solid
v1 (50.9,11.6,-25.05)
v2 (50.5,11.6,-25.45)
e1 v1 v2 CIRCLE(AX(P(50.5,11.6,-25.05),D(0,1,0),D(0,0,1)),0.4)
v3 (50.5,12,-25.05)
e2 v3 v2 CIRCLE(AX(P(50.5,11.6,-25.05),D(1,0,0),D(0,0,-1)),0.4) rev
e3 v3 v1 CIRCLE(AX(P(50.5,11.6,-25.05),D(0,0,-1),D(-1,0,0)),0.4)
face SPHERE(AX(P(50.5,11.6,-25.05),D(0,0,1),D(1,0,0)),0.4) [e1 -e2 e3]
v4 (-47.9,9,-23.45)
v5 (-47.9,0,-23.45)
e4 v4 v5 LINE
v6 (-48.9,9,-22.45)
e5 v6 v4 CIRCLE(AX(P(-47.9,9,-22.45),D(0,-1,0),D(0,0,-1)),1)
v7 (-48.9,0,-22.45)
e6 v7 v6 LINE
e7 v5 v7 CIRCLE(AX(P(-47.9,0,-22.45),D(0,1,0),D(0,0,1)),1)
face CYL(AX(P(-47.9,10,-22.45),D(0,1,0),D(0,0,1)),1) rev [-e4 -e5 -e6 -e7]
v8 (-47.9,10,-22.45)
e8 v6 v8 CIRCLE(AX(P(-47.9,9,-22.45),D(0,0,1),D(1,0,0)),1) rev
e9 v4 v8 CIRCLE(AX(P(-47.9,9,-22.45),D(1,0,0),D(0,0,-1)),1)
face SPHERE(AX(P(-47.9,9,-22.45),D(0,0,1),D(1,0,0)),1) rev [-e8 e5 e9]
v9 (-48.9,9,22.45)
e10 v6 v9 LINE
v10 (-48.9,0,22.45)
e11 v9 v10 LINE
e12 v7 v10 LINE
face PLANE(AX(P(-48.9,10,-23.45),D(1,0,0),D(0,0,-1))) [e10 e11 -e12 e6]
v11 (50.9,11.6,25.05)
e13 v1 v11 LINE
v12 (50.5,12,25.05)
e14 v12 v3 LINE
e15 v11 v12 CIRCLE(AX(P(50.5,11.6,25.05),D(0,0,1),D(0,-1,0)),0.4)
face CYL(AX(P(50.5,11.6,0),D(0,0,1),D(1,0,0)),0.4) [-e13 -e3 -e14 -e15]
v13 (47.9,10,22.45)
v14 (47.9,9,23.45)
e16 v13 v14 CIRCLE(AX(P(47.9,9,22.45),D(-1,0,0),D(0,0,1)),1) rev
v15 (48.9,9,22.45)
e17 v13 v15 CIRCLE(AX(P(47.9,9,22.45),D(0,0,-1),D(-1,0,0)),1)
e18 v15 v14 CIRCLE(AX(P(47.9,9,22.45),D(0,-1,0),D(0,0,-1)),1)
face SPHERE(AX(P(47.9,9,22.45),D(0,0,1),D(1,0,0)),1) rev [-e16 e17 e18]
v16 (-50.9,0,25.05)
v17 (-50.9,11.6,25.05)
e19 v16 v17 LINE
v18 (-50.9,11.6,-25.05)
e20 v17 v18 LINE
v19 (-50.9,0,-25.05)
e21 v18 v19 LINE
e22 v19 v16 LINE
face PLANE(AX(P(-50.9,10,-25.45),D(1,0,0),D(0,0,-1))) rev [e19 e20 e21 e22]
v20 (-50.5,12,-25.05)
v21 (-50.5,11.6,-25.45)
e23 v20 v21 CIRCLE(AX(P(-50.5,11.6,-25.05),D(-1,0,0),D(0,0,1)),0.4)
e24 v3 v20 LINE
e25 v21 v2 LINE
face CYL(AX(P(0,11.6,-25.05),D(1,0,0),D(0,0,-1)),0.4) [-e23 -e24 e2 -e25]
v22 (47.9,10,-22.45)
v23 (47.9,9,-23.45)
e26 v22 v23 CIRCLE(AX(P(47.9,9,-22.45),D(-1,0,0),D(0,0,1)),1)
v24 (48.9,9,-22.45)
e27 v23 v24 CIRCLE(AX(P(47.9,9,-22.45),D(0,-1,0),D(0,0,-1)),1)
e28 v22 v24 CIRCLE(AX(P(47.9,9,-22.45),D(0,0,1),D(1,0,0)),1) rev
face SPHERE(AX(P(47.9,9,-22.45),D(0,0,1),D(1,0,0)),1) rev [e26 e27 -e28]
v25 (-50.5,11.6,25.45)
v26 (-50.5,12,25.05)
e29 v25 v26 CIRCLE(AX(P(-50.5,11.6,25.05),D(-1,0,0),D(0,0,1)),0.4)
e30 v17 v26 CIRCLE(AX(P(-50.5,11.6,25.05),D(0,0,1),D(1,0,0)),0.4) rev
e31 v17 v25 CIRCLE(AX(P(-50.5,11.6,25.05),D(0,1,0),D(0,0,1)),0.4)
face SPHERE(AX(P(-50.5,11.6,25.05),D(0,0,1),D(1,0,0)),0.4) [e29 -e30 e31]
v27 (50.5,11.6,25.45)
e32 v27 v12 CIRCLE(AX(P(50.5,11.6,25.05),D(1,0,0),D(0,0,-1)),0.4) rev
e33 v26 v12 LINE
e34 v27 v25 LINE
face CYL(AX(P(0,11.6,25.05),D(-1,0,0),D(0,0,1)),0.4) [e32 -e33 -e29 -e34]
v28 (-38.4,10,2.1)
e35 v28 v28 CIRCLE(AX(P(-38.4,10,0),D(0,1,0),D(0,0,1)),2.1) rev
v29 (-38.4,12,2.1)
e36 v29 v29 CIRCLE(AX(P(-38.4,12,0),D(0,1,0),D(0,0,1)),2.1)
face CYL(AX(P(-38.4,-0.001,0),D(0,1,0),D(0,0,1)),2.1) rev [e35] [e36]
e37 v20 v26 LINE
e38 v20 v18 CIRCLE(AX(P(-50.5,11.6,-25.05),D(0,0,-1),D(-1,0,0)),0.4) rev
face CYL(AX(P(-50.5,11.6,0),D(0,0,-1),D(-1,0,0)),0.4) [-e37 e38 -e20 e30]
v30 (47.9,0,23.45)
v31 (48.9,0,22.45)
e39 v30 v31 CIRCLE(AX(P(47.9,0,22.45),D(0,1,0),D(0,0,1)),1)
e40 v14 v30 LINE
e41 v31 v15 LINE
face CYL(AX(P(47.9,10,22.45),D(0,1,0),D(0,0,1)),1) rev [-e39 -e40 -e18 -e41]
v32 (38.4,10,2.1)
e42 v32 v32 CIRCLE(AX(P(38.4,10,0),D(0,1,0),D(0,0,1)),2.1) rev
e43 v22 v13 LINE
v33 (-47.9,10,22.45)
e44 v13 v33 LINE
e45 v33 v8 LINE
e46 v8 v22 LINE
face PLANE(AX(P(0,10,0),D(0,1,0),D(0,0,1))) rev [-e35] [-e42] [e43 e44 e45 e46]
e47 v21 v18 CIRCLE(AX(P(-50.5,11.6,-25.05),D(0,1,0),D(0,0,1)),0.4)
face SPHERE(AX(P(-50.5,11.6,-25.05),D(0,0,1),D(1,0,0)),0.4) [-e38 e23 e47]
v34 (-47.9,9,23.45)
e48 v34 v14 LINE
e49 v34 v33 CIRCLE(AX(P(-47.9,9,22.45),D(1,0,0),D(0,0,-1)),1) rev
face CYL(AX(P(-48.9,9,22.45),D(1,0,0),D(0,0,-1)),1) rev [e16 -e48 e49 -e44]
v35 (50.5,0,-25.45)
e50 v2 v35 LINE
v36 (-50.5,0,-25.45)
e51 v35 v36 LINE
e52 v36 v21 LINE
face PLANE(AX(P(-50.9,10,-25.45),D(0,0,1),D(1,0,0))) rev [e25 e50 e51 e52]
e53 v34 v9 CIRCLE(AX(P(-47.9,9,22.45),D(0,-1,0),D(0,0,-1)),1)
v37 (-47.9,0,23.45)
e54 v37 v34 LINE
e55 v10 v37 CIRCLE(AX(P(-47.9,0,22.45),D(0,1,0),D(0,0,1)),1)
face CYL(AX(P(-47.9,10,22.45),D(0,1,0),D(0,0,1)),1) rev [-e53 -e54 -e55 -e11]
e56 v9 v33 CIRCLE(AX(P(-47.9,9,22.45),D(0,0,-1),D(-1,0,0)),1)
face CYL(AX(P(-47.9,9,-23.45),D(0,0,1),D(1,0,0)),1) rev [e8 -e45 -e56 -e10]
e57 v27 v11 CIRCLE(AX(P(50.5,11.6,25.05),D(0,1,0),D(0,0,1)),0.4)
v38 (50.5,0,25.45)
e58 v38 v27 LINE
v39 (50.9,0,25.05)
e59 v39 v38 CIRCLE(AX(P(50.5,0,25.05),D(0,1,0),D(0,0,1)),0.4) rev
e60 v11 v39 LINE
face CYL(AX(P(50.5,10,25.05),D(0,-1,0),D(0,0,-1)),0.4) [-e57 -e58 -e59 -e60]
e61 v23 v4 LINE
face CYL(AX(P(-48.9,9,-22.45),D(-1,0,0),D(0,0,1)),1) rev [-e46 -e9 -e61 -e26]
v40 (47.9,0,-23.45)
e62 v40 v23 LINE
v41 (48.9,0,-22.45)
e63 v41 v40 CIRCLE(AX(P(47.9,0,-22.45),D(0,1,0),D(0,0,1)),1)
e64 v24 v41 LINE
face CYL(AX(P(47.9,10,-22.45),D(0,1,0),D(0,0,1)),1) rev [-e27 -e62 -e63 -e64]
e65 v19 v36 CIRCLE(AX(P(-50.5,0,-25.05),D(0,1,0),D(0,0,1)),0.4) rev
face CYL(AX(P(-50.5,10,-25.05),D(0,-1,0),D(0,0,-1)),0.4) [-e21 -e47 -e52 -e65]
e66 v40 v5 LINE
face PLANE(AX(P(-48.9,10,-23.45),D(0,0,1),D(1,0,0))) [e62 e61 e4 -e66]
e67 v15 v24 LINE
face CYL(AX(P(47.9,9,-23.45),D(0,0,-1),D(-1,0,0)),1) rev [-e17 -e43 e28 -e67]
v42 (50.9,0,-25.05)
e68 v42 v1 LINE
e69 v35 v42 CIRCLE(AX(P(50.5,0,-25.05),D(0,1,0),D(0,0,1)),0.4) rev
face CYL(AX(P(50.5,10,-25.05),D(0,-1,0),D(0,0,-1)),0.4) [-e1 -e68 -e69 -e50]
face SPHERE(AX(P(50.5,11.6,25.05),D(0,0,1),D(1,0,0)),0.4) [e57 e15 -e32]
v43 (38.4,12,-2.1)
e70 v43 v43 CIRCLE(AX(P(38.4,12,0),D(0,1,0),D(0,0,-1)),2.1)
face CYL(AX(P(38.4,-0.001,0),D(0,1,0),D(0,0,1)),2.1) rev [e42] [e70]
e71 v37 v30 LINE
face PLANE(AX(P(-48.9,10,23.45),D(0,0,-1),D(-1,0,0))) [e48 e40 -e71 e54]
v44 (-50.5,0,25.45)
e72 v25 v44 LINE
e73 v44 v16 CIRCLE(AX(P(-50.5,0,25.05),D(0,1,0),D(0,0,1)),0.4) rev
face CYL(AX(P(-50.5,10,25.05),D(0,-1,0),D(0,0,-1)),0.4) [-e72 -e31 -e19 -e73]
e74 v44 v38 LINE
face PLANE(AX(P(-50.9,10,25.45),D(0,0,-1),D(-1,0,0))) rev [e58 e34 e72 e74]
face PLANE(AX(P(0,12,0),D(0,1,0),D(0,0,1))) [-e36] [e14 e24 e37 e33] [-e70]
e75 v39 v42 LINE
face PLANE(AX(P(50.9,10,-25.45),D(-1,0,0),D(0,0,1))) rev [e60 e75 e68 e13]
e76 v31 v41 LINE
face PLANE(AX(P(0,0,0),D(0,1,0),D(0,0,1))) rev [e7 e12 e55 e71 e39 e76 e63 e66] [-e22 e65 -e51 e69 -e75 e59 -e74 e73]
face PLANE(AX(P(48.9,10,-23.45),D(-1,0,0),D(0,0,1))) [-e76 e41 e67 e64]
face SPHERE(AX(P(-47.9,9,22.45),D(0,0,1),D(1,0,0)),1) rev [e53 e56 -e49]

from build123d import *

# Parameters (mm, degrees)
SKETCH1_W             = 101.8
SKETCH1_H             = 50.9
SKETCH1_W_2           = 97.8
SKETCH1_H_2           = 46.9
MAIN_BODY_DEPTH       = 10
SKETCH4_W             = 101.8
SKETCH4_H             = 50.9
TOP_DEPTH             = 2
OUTER_FILLET_0_2MM_R  = 0.4
INNER_FILLET_1MM_R    = 1
HOLES_CUT_4_2MM_REACH = 60.159
SKETCH6_R             = 2.1


with BuildPart() as part:
    # Sketch1 → Main Body (new body)
    with BuildSketch(Plane(origin=(0, 0, 0), x_dir=(1, 0, 0), z_dir=(0, 1, 0))):
        Rectangle(SKETCH1_W, SKETCH1_H)
        Rectangle(SKETCH1_W_2, SKETCH1_H_2, mode=Mode.SUBTRACT)
    extrude(amount=MAIN_BODY_DEPTH)

    # Sketch4 → Top (add)
    with BuildSketch(Plane(origin=(0, 10, 0), x_dir=(1, 0, 0), z_dir=(0, 1, 0))):
        Rectangle(SKETCH4_W, SKETCH4_H)
    extrude(amount=TOP_DEPTH)

    # Outer Fillet 0.2mm
    outer_fillet_0_2mm_edges = [part.edges().sort_by_distance(p)[0] for p in [
        (0, 12, -25.45),
        (-50.9, 12, 0),
        (0, 12, 25.45),
        (50.9, 12, 0),
        (-50.9, 6, -25.45),
        (50.9, 6, -25.45),
        (50.9, 6, 25.45),
        (-50.9, 6, 25.45),
    ]]
    fillet(outer_fillet_0_2mm_edges, radius=OUTER_FILLET_0_2MM_R)

    # Inner Fillet 1mm
    inner_fillet_1mm_edges = [part.edges().sort_by_distance(p)[0] for p in [
        (48.9, 5, -23.45),
        (-48.9, 5, -23.45),
        (-48.9, 5, 23.45),
        (48.9, 5, 23.45),
        (0, 10, -23.45),
        (-48.9, 10, 0),
        (0, 10, 23.45),
        (48.9, 10, 0),
    ]]
    fillet(inner_fillet_1mm_edges, radius=INNER_FILLET_1MM_R)

    # Sketch6 → Holes Cut 4.2mm (cut, up to next)
    with BuildSketch(Plane(origin=(0, 12, 0), x_dir=(1, 0, 0), z_dir=(0, 1, 0)), mode=Mode.PRIVATE) as holes_cut_4_2mm_sk1:
        with Locations(Location((-38.4, 0, 0), (0, 0, 270))):
            Circle(SKETCH6_R)
    holes_cut_4_2mm_tool1 = extrude(holes_cut_4_2mm_sk1.sketch, amount=-HOLES_CUT_4_2MM_REACH, mode=Mode.PRIVATE) & part.part
    # Sketch6 → Holes Cut 4.2mm (cut, up to next)
    with BuildSketch(Plane(origin=(0, 12, 0), x_dir=(1, 0, 0), z_dir=(0, 1, 0)), mode=Mode.PRIVATE) as holes_cut_4_2mm_sk2:
        with Locations(Location((38.4, 0, 0), (0, 0, 270))):
            Circle(SKETCH6_R)
    holes_cut_4_2mm_tool2 = extrude(holes_cut_4_2mm_sk2.sketch, amount=-HOLES_CUT_4_2MM_REACH, mode=Mode.PRIVATE) & part.part
    add(holes_cut_4_2mm_tool1.solids().sort_by_distance((-38.4, 12, 0))[0], mode=Mode.SUBTRACT)
    add(holes_cut_4_2mm_tool2.solids().sort_by_distance((38.4, 12, 0))[0], mode=Mode.SUBTRACT)


solid = part.part
